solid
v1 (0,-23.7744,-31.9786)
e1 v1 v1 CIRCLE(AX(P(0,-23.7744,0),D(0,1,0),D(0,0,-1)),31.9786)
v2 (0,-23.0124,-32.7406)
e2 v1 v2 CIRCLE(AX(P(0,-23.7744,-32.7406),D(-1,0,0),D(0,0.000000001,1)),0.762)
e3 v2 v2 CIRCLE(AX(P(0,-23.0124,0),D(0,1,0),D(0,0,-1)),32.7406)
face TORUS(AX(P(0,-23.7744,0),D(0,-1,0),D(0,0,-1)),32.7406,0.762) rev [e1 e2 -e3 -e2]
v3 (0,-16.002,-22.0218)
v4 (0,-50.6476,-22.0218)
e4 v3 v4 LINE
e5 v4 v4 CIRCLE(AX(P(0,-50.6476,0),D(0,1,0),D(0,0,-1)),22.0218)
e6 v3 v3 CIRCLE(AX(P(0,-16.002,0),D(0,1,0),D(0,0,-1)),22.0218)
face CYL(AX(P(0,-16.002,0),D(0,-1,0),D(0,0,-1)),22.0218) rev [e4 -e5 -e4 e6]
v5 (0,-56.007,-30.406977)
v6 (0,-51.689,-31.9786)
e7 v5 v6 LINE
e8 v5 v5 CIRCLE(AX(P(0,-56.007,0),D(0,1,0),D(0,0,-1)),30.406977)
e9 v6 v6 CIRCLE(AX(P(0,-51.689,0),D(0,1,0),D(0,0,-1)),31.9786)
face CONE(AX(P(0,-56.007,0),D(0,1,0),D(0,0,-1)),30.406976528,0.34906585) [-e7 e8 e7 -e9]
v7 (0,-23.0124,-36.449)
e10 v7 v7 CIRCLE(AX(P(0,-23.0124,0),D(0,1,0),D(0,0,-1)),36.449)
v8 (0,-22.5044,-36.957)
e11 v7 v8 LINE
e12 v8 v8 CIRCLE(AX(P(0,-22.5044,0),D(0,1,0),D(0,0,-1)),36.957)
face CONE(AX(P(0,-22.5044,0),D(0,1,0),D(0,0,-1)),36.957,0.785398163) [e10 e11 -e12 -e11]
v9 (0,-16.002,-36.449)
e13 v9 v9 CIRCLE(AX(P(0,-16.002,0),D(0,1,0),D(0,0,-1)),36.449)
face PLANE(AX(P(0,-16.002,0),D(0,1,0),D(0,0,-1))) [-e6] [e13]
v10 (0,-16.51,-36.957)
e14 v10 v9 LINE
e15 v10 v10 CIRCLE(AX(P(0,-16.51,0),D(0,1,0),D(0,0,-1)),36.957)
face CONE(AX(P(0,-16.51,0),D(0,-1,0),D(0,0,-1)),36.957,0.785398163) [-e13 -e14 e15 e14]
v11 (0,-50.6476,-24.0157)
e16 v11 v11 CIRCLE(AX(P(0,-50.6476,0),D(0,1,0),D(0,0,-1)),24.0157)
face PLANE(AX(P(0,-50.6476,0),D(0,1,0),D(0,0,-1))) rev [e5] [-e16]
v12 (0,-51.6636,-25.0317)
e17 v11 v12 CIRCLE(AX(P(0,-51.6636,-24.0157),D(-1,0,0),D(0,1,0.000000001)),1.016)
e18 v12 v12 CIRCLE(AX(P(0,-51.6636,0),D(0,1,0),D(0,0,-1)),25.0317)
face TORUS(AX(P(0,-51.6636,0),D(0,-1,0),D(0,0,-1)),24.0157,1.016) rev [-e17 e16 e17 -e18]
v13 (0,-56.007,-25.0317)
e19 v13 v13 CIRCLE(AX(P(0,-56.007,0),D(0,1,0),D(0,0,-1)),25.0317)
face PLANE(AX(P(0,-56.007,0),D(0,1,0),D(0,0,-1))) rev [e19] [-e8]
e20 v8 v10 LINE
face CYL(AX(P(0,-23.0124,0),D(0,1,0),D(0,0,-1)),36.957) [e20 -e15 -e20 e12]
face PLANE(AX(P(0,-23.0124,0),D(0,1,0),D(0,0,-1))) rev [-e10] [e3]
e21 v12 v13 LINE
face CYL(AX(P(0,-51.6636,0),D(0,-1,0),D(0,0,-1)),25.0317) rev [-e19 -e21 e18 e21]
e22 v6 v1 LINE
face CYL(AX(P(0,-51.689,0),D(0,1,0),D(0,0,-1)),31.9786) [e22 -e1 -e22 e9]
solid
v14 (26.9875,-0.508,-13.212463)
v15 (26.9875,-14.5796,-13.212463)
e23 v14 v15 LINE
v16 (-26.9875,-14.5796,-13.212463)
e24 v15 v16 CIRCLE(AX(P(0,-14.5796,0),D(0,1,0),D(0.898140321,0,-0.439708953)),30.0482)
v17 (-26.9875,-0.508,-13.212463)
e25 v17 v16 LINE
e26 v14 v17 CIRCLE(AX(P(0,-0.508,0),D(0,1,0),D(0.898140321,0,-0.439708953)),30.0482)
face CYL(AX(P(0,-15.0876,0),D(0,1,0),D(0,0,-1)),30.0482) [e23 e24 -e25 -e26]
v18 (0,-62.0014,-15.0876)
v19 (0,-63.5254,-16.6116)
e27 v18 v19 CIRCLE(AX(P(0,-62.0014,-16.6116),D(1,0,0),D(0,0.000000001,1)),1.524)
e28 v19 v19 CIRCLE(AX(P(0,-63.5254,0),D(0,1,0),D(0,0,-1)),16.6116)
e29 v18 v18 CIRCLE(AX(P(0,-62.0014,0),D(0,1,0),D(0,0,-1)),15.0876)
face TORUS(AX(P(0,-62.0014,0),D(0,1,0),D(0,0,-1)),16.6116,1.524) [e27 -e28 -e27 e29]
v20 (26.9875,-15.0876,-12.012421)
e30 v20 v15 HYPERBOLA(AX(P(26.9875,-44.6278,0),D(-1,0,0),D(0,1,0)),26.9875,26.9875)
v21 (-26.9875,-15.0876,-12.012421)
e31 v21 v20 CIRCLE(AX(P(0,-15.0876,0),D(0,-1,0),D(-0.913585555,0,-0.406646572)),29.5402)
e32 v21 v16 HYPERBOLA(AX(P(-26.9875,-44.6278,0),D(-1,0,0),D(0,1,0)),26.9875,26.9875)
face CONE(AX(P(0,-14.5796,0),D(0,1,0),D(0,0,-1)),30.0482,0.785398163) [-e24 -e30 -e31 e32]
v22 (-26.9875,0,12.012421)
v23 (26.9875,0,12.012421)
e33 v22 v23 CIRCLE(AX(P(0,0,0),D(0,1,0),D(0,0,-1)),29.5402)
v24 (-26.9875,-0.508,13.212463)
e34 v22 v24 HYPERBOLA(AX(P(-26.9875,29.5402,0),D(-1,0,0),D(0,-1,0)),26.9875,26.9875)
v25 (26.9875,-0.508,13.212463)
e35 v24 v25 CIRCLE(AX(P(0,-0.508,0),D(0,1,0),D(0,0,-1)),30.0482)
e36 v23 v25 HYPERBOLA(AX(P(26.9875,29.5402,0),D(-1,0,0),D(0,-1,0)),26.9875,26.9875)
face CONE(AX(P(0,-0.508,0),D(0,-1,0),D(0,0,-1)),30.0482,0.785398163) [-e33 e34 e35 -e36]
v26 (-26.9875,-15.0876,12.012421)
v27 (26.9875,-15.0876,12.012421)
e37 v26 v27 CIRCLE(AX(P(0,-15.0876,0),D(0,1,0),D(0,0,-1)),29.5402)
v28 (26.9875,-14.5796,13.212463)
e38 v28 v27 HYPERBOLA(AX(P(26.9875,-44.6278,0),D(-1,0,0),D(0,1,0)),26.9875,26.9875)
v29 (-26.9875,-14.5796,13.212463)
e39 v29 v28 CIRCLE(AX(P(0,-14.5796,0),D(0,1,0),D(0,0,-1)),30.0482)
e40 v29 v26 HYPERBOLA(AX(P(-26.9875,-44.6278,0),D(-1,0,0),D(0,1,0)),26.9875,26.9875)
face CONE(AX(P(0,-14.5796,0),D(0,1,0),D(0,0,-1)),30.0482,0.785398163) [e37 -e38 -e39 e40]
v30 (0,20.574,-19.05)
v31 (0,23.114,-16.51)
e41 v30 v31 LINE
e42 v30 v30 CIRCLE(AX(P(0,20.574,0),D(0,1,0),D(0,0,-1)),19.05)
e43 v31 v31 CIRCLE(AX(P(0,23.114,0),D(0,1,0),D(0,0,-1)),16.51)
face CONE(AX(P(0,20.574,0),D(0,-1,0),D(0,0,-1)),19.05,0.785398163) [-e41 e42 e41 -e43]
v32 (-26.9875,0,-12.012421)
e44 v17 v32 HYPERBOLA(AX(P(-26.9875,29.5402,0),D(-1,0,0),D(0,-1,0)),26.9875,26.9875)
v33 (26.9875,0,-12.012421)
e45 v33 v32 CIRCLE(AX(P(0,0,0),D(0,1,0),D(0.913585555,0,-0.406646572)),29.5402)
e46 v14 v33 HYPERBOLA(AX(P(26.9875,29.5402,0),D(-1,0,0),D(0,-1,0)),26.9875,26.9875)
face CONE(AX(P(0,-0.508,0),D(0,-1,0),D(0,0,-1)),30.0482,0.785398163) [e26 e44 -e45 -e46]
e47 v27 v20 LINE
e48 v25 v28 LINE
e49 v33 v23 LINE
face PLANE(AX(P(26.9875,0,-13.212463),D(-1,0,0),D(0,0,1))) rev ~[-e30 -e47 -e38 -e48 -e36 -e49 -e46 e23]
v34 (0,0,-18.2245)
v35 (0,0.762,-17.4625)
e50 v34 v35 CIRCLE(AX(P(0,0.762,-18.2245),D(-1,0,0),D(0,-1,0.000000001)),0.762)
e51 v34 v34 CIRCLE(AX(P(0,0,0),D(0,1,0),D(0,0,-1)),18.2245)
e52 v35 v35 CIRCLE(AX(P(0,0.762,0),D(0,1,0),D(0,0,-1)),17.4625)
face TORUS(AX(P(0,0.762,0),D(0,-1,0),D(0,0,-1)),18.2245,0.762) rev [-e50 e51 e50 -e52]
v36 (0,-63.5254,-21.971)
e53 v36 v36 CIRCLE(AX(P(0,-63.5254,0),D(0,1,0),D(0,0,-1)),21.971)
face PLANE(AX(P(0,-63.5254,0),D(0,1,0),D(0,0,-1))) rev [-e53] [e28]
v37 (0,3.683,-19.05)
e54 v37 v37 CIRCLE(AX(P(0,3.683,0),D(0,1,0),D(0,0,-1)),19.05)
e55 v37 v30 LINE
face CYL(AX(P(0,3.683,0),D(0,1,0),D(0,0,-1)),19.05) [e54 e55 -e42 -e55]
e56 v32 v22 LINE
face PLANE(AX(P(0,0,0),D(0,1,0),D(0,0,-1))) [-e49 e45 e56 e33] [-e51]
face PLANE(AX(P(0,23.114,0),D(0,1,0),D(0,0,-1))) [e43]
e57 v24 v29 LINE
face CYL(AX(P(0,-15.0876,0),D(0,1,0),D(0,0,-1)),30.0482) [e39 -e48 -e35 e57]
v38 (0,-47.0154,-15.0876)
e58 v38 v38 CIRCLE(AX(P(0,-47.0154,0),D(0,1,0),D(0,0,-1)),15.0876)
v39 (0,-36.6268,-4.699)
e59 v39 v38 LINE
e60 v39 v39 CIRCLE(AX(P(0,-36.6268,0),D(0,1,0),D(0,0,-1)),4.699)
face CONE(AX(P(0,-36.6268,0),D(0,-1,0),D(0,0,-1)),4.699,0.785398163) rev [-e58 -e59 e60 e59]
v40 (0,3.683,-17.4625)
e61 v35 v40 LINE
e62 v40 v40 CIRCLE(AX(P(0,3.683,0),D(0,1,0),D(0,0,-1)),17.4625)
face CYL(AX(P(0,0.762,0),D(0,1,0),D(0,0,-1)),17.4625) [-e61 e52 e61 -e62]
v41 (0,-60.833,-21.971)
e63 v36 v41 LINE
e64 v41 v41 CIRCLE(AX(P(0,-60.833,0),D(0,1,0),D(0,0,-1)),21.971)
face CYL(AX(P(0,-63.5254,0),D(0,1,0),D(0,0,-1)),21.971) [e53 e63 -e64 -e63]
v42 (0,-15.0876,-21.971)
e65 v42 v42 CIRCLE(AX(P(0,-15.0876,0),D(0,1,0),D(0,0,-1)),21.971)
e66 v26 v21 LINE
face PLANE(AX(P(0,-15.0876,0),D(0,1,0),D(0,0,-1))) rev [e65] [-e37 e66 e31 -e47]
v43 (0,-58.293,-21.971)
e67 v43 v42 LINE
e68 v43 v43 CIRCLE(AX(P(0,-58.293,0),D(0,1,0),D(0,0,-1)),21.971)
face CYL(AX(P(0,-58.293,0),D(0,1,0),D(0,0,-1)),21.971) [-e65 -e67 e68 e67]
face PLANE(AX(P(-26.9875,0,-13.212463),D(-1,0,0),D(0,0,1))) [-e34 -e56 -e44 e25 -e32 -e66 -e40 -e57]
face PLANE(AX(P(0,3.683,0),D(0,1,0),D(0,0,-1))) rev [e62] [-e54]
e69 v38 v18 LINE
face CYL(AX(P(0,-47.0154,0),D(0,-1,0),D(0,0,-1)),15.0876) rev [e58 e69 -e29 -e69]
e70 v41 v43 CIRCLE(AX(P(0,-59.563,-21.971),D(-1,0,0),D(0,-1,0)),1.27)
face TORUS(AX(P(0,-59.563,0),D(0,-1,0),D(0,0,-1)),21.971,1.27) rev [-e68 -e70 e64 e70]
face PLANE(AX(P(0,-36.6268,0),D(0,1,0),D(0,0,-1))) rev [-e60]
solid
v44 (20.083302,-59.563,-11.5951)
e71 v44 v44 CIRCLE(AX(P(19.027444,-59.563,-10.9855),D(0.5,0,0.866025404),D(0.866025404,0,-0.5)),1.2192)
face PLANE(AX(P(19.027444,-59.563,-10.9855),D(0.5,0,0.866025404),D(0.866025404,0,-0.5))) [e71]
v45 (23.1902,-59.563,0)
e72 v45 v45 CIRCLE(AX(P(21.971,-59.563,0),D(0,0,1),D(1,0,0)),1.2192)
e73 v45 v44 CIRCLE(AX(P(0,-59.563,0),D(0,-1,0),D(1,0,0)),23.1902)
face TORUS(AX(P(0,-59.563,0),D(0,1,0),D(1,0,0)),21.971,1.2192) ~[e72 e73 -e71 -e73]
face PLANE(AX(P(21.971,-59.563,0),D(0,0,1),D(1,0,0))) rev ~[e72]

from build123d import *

# Parameters (mm, degrees)
CHAMFER1_SIZE      = 0.508
CHAMFER2_SIZE      = 2.54
CUT_EXTRUDE1_DEPTH = 64.5254
CHAMFER3_SIZE      = 0.508
SKETCH3_R          = 1.2192
REVOLVE3_ANGLE     = 330


with BuildPart() as part:
    # Sketch1 → Revolve1 (revolve)
    with BuildSketch(Plane.XY, mode=Mode.PRIVATE) as revolve1_sk:
        with BuildLine():
            Line((0, 23.114), (0, -36.6268))
            Line((0, -36.6268), (4.699, -36.6268))
            Line((4.699, -36.6268), (15.0876, -47.0154))
            Line((15.0876, -47.0154), (15.0876, -62.0014))
            ThreePointArc((15.0876, -62.0014), (15.533969265, -63.079030735), (16.6116, -63.5254))
            Line((16.6116, -63.5254), (21.971, -63.5254))
            Line((21.971, -63.5254), (21.971, -60.833))
            ThreePointArc((21.971, -60.833), (20.701, -59.563), (21.971, -58.293))
            Line((21.971, -58.293), (21.971, -15.0876))
            Line((21.971, -15.0876), (30.0482, -15.0876))
            Line((30.0482, -15.0876), (30.0482, 0))
            Line((30.0482, 0), (18.2245, 0))
            ThreePointArc((18.2245, 0), (17.685684633, 0.223184633), (17.4625, 0.762))
            Line((17.4625, 0.762), (17.4625, 3.683))
            Line((17.4625, 3.683), (19.05, 3.683))
            Line((19.05, 3.683), (19.05, 23.114))
            Line((19.05, 23.114), (0, 23.114))
        make_face()
    revolve(revolve1_sk.sketch.rotate(Axis((0, 23.114, 0), (0, 1, 0)), 90), axis=Axis((0, 23.114, 0), (0, 1, 0)))  # turned: the seam where the file's is

    # Chamfer1
    chamfer1_edges = [part.edges().sort_by_distance(p)[0] for p in [
        (0, -15.0876, 30.0482),
        (0, 0, 30.0482),
    ]]
    chamfer(chamfer1_edges, length=CHAMFER1_SIZE)

    # Chamfer2
    chamfer2_edges = [part.edges().sort_by_distance(p)[0] for p in [
        (0, 23.114, 19.05),
    ]]
    chamfer(chamfer2_edges, length=CHAMFER2_SIZE)

    # Sketch4 → Cut-Extrude1 (cut, through all)
    with BuildSketch(Plane(origin=(0, 0, 0), x_dir=(1, 0, 0), z_dir=(0, 1, 0))):
        with BuildLine():
            Line((-26.9875, 13.212462563), (-26.9875, -13.212462563))
            ThreePointArc((-26.9875, -13.212462563), (-30.0482, 0), (-26.9875, 13.212462563))
        make_face()
        with BuildLine():
            Line((26.9875, 13.212462563), (26.9875, -13.212462563))
            ThreePointArc((26.9875, -13.212462563), (30.0482, 0), (26.9875, 13.212462563))
        make_face()
    extrude(amount=-CUT_EXTRUDE1_DEPTH, mode=Mode.SUBTRACT)


with BuildPart() as body_2:
    # Sketch2 → Revolve2 (revolve)
    with BuildSketch(Plane.XY, mode=Mode.PRIVATE) as revolve2_sk:
        with BuildLine():
            Line((22.0218, -16.002), (22.0218, -50.6476))
            Line((22.0218, -50.6476), (24.0157, -50.6476))
            ThreePointArc((24.0157, -50.6476), (24.73412049, -50.94517951), (25.0317, -51.6636))
            Line((25.0317, -51.6636), (25.0317, -56.007))
            Line((25.0317, -56.007), (30.406976528, -56.007))
            Line((30.406976528, -56.007), (31.9786, -51.689))
            Line((31.9786, -51.689), (31.9786, -23.7744))
            ThreePointArc((31.9786, -23.7744), (32.201784633, -23.235584633), (32.7406, -23.0124))
            Line((32.7406, -23.0124), (36.957, -23.0124))
            Line((36.957, -23.0124), (36.957, -16.002))
            Line((36.957, -16.002), (22.0218, -16.002))
        make_face()
    revolve(revolve2_sk.sketch.rotate(Axis((0, 0, 0), (0, 1, 0)), 90), axis=Axis((0, 0, 0), (0, 1, 0)))  # turned: the seam where the file's is

    # Chamfer3
    chamfer3_edges = [body_2.edges().sort_by_distance(p)[0] for p in [
        (0, -16.002, 36.957),
        (0, -23.0124, 36.957),
    ]]
    chamfer(chamfer3_edges, length=CHAMFER3_SIZE)


with BuildPart() as body_3:
    # Sketch3 → Revolve3 (revolve)
    with BuildSketch(Plane.XY):
        with Locations((21.971, -59.563)):
            Circle(SKETCH3_R)
    revolve(axis=Axis((0, 0, 0), (0, -1, 0)), revolution_arc=REVOLVE3_ANGLE)


solid = Compound([part.part, body_2.part, body_3.part])
